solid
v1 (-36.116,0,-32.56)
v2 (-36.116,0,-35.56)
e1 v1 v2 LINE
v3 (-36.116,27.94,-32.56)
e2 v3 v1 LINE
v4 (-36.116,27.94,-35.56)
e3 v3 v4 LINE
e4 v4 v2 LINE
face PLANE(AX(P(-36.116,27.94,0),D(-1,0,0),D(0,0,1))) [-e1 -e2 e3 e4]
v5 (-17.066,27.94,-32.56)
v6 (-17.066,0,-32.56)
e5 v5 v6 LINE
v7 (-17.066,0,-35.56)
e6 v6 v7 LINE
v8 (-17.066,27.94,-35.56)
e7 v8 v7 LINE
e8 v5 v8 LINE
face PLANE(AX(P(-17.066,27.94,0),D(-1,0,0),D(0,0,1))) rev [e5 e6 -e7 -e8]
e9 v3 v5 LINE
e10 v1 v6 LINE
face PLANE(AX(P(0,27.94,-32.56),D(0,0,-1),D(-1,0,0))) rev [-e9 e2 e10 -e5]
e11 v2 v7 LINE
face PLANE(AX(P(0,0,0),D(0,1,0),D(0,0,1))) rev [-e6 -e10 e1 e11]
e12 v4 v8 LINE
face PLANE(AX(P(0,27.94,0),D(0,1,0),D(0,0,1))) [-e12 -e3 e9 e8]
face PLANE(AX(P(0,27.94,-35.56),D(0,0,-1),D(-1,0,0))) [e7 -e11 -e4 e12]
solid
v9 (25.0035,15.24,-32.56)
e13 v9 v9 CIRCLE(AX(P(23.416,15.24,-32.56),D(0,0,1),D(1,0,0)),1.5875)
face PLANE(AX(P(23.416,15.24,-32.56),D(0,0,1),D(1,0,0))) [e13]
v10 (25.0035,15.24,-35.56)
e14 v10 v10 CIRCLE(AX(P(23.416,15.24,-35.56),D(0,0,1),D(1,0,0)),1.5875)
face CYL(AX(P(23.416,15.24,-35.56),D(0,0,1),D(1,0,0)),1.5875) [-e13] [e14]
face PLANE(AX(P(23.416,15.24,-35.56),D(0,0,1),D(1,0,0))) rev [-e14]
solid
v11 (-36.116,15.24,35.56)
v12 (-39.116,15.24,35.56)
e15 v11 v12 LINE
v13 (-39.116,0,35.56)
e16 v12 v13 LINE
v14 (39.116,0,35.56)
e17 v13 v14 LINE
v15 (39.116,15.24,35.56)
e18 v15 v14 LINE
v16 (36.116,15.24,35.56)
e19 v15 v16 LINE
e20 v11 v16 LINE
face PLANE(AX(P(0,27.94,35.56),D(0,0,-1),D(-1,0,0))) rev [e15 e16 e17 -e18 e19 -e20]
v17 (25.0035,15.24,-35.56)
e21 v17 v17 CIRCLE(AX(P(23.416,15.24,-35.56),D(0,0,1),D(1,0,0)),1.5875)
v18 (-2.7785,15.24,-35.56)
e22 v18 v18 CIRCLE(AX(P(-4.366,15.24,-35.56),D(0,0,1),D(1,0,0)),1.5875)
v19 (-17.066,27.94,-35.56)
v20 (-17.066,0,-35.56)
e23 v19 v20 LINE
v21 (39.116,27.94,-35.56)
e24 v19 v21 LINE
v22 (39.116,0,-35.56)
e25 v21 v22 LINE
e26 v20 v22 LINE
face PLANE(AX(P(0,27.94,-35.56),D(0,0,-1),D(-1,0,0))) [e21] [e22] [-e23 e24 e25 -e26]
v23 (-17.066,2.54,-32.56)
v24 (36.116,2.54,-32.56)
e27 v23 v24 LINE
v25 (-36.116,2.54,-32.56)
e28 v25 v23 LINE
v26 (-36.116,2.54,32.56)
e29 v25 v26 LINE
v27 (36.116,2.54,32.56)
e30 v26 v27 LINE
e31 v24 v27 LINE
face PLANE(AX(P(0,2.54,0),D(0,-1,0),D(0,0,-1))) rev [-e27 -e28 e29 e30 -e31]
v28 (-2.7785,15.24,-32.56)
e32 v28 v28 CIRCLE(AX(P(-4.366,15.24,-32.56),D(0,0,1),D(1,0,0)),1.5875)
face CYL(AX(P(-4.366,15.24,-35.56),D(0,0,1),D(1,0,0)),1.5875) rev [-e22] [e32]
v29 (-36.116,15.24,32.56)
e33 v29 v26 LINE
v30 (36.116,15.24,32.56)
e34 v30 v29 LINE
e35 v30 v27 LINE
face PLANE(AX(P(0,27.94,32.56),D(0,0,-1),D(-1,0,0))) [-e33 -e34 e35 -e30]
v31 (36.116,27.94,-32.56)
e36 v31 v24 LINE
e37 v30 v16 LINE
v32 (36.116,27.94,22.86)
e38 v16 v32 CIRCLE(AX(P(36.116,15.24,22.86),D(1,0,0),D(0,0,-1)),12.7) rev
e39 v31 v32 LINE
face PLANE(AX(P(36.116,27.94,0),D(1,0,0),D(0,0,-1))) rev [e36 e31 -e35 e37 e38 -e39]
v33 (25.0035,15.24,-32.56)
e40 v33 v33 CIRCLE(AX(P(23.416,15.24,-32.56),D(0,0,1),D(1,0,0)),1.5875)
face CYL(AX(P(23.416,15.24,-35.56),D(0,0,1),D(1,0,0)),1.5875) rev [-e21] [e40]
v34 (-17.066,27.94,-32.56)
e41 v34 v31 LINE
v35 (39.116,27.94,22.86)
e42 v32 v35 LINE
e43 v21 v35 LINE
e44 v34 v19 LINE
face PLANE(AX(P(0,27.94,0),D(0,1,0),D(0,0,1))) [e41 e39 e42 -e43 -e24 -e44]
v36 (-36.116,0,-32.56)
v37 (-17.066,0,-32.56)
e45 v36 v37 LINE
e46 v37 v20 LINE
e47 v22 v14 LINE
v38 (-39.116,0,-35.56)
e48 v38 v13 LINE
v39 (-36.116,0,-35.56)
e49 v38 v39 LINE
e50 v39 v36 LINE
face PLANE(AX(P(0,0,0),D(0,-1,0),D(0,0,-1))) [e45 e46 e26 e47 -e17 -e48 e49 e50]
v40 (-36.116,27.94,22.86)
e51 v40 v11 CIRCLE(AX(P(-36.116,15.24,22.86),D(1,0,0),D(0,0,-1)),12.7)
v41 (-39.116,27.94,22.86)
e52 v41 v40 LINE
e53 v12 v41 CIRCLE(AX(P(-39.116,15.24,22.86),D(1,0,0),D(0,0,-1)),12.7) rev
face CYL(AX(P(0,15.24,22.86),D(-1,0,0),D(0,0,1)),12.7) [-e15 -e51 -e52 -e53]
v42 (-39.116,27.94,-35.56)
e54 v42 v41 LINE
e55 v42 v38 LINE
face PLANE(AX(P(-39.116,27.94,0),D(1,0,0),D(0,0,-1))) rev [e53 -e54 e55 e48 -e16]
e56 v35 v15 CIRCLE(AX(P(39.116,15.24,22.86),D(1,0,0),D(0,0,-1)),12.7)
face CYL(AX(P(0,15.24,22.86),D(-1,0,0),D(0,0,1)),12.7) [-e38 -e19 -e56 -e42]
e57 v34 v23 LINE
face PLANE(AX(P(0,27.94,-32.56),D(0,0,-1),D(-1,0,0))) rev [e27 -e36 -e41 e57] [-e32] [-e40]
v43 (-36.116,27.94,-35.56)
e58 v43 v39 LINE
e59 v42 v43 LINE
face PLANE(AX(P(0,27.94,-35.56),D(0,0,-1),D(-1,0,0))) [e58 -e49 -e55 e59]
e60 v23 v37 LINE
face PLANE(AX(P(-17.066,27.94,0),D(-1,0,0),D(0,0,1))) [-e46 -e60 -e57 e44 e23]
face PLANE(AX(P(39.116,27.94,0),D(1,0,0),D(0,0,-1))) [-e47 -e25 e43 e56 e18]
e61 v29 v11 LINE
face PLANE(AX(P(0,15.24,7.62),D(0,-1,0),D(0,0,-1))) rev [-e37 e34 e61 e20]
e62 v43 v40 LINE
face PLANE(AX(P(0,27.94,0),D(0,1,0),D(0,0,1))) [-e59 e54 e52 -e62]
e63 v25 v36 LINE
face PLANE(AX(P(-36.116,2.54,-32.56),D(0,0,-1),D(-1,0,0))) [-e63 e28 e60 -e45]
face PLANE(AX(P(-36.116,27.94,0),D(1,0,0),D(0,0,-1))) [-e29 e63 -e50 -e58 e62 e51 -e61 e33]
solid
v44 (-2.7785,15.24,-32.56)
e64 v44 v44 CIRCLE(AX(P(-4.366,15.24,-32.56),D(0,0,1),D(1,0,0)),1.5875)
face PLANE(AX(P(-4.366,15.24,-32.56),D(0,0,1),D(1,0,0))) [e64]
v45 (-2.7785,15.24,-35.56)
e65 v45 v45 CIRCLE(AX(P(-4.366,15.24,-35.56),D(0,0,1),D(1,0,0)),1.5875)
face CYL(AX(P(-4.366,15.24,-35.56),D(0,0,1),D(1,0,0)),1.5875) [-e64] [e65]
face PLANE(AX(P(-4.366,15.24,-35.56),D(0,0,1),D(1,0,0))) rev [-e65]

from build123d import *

# Parameters (mm, degrees)
SKETCH1_W             = 72.232
SKETCH1_H             = 65.12
BOSS_EXTRUDE1_DEPTH   = 2.54
BOSS_EXTRUDE2_DEPTH   = 27.94
SKETCH1_4_W           = 19.05
SKETCH1_4_H           = 3
BOSS_EXTRUDE3_DEPTH   = 27.94
SKETCH2_W             = 72.232
SKETCH2_H             = 12.7
CUT_EXTRUDE1_DEPTH    = 27.94
FILLET1_R             = 12.7
SKETCH3_R             = 1.5875
CUT_EXTRUDE2_DEPTH    = 3
SKETCH3_2_R           = 1.5875
BOSS_EXTRUDE4_DEPTH   = 3
BOSS_EXTRUDE4_2_DEPTH = 3


with BuildPart() as part:
    # Sketch1 → Boss-Extrude1 (new body)
    with BuildSketch(Plane(origin=(0, 0, 0), x_dir=(1, 0, 0), z_dir=(0, 1, 0))):
        Rectangle(SKETCH1_W, SKETCH1_H)
    extrude(amount=BOSS_EXTRUDE1_DEPTH)

    # Sketch1<3> → Boss-Extrude2 (add)
    with BuildSketch(Plane(origin=(0, 0, 0), x_dir=(1, 0, 0), z_dir=(0, 1, 0))):
        Polygon((-36.116, -32.56), (-36.116, 32.56), (-36.116, 35.56), (-39.116, 35.56), (-39.116, -35.56), (39.116, -35.56), (39.116, 35.56), (-17.066, 35.56), (-17.066, 32.56), (36.116, 32.56), (36.116, -32.56), align=None)
    extrude(amount=BOSS_EXTRUDE2_DEPTH)

    # Sketch2 → Cut-Extrude1 (cut)
    with BuildSketch(Plane.XY.offset(35.56)):
        with Locations((0, 21.59)):
            Rectangle(SKETCH2_W, SKETCH2_H)
    extrude(amount=-CUT_EXTRUDE1_DEPTH, mode=Mode.SUBTRACT)

    # Fillet1
    fillet1_edges = [part.edges().sort_by_distance(p)[0] for p in [
        (-37.616, 27.94, 35.56),
        (37.616, 27.94, 35.56),
    ]]
    fillet(fillet1_edges, radius=FILLET1_R)

    # Sketch3 → Cut-Extrude2 (cut)
    with BuildSketch(Plane.XY.offset(-32.56)):
        with Locations((23.416, 15.24)):
            Circle(SKETCH3_R)
        with Locations((-4.366, 15.24)):
            Circle(SKETCH3_R)
    extrude(amount=-CUT_EXTRUDE2_DEPTH, mode=Mode.SUBTRACT)


with BuildPart() as body_2:
    # Sketch1<4> → Boss-Extrude3 (new body)
    with BuildSketch(Plane(origin=(0, 0, 0), x_dir=(1, 0, 0), z_dir=(0, 1, 0))):
        with Locations((-26.591, 34.06)):
            Rectangle(SKETCH1_4_W, SKETCH1_4_H)
    extrude(amount=BOSS_EXTRUDE3_DEPTH)


with BuildPart() as body_3:
    # Sketch3<2> → Boss-Extrude4 (new body)
    with BuildSketch(Plane.XY.offset(-32.56)):
        with Locations((23.416, 15.24)):
            Circle(SKETCH3_2_R)
    extrude(amount=-BOSS_EXTRUDE4_DEPTH)


with BuildPart() as body_4:
    # Sketch3<2> → Boss-Extrude4 2 (new body)
    with BuildSketch(Plane.XY.offset(-32.56)):
        with Locations((-4.366, 15.24)):
            Circle(SKETCH3_2_R)
    extrude(amount=-BOSS_EXTRUDE4_2_DEPTH)


solid = Compound([part.part, body_2.part, body_3.part, body_4.part])
